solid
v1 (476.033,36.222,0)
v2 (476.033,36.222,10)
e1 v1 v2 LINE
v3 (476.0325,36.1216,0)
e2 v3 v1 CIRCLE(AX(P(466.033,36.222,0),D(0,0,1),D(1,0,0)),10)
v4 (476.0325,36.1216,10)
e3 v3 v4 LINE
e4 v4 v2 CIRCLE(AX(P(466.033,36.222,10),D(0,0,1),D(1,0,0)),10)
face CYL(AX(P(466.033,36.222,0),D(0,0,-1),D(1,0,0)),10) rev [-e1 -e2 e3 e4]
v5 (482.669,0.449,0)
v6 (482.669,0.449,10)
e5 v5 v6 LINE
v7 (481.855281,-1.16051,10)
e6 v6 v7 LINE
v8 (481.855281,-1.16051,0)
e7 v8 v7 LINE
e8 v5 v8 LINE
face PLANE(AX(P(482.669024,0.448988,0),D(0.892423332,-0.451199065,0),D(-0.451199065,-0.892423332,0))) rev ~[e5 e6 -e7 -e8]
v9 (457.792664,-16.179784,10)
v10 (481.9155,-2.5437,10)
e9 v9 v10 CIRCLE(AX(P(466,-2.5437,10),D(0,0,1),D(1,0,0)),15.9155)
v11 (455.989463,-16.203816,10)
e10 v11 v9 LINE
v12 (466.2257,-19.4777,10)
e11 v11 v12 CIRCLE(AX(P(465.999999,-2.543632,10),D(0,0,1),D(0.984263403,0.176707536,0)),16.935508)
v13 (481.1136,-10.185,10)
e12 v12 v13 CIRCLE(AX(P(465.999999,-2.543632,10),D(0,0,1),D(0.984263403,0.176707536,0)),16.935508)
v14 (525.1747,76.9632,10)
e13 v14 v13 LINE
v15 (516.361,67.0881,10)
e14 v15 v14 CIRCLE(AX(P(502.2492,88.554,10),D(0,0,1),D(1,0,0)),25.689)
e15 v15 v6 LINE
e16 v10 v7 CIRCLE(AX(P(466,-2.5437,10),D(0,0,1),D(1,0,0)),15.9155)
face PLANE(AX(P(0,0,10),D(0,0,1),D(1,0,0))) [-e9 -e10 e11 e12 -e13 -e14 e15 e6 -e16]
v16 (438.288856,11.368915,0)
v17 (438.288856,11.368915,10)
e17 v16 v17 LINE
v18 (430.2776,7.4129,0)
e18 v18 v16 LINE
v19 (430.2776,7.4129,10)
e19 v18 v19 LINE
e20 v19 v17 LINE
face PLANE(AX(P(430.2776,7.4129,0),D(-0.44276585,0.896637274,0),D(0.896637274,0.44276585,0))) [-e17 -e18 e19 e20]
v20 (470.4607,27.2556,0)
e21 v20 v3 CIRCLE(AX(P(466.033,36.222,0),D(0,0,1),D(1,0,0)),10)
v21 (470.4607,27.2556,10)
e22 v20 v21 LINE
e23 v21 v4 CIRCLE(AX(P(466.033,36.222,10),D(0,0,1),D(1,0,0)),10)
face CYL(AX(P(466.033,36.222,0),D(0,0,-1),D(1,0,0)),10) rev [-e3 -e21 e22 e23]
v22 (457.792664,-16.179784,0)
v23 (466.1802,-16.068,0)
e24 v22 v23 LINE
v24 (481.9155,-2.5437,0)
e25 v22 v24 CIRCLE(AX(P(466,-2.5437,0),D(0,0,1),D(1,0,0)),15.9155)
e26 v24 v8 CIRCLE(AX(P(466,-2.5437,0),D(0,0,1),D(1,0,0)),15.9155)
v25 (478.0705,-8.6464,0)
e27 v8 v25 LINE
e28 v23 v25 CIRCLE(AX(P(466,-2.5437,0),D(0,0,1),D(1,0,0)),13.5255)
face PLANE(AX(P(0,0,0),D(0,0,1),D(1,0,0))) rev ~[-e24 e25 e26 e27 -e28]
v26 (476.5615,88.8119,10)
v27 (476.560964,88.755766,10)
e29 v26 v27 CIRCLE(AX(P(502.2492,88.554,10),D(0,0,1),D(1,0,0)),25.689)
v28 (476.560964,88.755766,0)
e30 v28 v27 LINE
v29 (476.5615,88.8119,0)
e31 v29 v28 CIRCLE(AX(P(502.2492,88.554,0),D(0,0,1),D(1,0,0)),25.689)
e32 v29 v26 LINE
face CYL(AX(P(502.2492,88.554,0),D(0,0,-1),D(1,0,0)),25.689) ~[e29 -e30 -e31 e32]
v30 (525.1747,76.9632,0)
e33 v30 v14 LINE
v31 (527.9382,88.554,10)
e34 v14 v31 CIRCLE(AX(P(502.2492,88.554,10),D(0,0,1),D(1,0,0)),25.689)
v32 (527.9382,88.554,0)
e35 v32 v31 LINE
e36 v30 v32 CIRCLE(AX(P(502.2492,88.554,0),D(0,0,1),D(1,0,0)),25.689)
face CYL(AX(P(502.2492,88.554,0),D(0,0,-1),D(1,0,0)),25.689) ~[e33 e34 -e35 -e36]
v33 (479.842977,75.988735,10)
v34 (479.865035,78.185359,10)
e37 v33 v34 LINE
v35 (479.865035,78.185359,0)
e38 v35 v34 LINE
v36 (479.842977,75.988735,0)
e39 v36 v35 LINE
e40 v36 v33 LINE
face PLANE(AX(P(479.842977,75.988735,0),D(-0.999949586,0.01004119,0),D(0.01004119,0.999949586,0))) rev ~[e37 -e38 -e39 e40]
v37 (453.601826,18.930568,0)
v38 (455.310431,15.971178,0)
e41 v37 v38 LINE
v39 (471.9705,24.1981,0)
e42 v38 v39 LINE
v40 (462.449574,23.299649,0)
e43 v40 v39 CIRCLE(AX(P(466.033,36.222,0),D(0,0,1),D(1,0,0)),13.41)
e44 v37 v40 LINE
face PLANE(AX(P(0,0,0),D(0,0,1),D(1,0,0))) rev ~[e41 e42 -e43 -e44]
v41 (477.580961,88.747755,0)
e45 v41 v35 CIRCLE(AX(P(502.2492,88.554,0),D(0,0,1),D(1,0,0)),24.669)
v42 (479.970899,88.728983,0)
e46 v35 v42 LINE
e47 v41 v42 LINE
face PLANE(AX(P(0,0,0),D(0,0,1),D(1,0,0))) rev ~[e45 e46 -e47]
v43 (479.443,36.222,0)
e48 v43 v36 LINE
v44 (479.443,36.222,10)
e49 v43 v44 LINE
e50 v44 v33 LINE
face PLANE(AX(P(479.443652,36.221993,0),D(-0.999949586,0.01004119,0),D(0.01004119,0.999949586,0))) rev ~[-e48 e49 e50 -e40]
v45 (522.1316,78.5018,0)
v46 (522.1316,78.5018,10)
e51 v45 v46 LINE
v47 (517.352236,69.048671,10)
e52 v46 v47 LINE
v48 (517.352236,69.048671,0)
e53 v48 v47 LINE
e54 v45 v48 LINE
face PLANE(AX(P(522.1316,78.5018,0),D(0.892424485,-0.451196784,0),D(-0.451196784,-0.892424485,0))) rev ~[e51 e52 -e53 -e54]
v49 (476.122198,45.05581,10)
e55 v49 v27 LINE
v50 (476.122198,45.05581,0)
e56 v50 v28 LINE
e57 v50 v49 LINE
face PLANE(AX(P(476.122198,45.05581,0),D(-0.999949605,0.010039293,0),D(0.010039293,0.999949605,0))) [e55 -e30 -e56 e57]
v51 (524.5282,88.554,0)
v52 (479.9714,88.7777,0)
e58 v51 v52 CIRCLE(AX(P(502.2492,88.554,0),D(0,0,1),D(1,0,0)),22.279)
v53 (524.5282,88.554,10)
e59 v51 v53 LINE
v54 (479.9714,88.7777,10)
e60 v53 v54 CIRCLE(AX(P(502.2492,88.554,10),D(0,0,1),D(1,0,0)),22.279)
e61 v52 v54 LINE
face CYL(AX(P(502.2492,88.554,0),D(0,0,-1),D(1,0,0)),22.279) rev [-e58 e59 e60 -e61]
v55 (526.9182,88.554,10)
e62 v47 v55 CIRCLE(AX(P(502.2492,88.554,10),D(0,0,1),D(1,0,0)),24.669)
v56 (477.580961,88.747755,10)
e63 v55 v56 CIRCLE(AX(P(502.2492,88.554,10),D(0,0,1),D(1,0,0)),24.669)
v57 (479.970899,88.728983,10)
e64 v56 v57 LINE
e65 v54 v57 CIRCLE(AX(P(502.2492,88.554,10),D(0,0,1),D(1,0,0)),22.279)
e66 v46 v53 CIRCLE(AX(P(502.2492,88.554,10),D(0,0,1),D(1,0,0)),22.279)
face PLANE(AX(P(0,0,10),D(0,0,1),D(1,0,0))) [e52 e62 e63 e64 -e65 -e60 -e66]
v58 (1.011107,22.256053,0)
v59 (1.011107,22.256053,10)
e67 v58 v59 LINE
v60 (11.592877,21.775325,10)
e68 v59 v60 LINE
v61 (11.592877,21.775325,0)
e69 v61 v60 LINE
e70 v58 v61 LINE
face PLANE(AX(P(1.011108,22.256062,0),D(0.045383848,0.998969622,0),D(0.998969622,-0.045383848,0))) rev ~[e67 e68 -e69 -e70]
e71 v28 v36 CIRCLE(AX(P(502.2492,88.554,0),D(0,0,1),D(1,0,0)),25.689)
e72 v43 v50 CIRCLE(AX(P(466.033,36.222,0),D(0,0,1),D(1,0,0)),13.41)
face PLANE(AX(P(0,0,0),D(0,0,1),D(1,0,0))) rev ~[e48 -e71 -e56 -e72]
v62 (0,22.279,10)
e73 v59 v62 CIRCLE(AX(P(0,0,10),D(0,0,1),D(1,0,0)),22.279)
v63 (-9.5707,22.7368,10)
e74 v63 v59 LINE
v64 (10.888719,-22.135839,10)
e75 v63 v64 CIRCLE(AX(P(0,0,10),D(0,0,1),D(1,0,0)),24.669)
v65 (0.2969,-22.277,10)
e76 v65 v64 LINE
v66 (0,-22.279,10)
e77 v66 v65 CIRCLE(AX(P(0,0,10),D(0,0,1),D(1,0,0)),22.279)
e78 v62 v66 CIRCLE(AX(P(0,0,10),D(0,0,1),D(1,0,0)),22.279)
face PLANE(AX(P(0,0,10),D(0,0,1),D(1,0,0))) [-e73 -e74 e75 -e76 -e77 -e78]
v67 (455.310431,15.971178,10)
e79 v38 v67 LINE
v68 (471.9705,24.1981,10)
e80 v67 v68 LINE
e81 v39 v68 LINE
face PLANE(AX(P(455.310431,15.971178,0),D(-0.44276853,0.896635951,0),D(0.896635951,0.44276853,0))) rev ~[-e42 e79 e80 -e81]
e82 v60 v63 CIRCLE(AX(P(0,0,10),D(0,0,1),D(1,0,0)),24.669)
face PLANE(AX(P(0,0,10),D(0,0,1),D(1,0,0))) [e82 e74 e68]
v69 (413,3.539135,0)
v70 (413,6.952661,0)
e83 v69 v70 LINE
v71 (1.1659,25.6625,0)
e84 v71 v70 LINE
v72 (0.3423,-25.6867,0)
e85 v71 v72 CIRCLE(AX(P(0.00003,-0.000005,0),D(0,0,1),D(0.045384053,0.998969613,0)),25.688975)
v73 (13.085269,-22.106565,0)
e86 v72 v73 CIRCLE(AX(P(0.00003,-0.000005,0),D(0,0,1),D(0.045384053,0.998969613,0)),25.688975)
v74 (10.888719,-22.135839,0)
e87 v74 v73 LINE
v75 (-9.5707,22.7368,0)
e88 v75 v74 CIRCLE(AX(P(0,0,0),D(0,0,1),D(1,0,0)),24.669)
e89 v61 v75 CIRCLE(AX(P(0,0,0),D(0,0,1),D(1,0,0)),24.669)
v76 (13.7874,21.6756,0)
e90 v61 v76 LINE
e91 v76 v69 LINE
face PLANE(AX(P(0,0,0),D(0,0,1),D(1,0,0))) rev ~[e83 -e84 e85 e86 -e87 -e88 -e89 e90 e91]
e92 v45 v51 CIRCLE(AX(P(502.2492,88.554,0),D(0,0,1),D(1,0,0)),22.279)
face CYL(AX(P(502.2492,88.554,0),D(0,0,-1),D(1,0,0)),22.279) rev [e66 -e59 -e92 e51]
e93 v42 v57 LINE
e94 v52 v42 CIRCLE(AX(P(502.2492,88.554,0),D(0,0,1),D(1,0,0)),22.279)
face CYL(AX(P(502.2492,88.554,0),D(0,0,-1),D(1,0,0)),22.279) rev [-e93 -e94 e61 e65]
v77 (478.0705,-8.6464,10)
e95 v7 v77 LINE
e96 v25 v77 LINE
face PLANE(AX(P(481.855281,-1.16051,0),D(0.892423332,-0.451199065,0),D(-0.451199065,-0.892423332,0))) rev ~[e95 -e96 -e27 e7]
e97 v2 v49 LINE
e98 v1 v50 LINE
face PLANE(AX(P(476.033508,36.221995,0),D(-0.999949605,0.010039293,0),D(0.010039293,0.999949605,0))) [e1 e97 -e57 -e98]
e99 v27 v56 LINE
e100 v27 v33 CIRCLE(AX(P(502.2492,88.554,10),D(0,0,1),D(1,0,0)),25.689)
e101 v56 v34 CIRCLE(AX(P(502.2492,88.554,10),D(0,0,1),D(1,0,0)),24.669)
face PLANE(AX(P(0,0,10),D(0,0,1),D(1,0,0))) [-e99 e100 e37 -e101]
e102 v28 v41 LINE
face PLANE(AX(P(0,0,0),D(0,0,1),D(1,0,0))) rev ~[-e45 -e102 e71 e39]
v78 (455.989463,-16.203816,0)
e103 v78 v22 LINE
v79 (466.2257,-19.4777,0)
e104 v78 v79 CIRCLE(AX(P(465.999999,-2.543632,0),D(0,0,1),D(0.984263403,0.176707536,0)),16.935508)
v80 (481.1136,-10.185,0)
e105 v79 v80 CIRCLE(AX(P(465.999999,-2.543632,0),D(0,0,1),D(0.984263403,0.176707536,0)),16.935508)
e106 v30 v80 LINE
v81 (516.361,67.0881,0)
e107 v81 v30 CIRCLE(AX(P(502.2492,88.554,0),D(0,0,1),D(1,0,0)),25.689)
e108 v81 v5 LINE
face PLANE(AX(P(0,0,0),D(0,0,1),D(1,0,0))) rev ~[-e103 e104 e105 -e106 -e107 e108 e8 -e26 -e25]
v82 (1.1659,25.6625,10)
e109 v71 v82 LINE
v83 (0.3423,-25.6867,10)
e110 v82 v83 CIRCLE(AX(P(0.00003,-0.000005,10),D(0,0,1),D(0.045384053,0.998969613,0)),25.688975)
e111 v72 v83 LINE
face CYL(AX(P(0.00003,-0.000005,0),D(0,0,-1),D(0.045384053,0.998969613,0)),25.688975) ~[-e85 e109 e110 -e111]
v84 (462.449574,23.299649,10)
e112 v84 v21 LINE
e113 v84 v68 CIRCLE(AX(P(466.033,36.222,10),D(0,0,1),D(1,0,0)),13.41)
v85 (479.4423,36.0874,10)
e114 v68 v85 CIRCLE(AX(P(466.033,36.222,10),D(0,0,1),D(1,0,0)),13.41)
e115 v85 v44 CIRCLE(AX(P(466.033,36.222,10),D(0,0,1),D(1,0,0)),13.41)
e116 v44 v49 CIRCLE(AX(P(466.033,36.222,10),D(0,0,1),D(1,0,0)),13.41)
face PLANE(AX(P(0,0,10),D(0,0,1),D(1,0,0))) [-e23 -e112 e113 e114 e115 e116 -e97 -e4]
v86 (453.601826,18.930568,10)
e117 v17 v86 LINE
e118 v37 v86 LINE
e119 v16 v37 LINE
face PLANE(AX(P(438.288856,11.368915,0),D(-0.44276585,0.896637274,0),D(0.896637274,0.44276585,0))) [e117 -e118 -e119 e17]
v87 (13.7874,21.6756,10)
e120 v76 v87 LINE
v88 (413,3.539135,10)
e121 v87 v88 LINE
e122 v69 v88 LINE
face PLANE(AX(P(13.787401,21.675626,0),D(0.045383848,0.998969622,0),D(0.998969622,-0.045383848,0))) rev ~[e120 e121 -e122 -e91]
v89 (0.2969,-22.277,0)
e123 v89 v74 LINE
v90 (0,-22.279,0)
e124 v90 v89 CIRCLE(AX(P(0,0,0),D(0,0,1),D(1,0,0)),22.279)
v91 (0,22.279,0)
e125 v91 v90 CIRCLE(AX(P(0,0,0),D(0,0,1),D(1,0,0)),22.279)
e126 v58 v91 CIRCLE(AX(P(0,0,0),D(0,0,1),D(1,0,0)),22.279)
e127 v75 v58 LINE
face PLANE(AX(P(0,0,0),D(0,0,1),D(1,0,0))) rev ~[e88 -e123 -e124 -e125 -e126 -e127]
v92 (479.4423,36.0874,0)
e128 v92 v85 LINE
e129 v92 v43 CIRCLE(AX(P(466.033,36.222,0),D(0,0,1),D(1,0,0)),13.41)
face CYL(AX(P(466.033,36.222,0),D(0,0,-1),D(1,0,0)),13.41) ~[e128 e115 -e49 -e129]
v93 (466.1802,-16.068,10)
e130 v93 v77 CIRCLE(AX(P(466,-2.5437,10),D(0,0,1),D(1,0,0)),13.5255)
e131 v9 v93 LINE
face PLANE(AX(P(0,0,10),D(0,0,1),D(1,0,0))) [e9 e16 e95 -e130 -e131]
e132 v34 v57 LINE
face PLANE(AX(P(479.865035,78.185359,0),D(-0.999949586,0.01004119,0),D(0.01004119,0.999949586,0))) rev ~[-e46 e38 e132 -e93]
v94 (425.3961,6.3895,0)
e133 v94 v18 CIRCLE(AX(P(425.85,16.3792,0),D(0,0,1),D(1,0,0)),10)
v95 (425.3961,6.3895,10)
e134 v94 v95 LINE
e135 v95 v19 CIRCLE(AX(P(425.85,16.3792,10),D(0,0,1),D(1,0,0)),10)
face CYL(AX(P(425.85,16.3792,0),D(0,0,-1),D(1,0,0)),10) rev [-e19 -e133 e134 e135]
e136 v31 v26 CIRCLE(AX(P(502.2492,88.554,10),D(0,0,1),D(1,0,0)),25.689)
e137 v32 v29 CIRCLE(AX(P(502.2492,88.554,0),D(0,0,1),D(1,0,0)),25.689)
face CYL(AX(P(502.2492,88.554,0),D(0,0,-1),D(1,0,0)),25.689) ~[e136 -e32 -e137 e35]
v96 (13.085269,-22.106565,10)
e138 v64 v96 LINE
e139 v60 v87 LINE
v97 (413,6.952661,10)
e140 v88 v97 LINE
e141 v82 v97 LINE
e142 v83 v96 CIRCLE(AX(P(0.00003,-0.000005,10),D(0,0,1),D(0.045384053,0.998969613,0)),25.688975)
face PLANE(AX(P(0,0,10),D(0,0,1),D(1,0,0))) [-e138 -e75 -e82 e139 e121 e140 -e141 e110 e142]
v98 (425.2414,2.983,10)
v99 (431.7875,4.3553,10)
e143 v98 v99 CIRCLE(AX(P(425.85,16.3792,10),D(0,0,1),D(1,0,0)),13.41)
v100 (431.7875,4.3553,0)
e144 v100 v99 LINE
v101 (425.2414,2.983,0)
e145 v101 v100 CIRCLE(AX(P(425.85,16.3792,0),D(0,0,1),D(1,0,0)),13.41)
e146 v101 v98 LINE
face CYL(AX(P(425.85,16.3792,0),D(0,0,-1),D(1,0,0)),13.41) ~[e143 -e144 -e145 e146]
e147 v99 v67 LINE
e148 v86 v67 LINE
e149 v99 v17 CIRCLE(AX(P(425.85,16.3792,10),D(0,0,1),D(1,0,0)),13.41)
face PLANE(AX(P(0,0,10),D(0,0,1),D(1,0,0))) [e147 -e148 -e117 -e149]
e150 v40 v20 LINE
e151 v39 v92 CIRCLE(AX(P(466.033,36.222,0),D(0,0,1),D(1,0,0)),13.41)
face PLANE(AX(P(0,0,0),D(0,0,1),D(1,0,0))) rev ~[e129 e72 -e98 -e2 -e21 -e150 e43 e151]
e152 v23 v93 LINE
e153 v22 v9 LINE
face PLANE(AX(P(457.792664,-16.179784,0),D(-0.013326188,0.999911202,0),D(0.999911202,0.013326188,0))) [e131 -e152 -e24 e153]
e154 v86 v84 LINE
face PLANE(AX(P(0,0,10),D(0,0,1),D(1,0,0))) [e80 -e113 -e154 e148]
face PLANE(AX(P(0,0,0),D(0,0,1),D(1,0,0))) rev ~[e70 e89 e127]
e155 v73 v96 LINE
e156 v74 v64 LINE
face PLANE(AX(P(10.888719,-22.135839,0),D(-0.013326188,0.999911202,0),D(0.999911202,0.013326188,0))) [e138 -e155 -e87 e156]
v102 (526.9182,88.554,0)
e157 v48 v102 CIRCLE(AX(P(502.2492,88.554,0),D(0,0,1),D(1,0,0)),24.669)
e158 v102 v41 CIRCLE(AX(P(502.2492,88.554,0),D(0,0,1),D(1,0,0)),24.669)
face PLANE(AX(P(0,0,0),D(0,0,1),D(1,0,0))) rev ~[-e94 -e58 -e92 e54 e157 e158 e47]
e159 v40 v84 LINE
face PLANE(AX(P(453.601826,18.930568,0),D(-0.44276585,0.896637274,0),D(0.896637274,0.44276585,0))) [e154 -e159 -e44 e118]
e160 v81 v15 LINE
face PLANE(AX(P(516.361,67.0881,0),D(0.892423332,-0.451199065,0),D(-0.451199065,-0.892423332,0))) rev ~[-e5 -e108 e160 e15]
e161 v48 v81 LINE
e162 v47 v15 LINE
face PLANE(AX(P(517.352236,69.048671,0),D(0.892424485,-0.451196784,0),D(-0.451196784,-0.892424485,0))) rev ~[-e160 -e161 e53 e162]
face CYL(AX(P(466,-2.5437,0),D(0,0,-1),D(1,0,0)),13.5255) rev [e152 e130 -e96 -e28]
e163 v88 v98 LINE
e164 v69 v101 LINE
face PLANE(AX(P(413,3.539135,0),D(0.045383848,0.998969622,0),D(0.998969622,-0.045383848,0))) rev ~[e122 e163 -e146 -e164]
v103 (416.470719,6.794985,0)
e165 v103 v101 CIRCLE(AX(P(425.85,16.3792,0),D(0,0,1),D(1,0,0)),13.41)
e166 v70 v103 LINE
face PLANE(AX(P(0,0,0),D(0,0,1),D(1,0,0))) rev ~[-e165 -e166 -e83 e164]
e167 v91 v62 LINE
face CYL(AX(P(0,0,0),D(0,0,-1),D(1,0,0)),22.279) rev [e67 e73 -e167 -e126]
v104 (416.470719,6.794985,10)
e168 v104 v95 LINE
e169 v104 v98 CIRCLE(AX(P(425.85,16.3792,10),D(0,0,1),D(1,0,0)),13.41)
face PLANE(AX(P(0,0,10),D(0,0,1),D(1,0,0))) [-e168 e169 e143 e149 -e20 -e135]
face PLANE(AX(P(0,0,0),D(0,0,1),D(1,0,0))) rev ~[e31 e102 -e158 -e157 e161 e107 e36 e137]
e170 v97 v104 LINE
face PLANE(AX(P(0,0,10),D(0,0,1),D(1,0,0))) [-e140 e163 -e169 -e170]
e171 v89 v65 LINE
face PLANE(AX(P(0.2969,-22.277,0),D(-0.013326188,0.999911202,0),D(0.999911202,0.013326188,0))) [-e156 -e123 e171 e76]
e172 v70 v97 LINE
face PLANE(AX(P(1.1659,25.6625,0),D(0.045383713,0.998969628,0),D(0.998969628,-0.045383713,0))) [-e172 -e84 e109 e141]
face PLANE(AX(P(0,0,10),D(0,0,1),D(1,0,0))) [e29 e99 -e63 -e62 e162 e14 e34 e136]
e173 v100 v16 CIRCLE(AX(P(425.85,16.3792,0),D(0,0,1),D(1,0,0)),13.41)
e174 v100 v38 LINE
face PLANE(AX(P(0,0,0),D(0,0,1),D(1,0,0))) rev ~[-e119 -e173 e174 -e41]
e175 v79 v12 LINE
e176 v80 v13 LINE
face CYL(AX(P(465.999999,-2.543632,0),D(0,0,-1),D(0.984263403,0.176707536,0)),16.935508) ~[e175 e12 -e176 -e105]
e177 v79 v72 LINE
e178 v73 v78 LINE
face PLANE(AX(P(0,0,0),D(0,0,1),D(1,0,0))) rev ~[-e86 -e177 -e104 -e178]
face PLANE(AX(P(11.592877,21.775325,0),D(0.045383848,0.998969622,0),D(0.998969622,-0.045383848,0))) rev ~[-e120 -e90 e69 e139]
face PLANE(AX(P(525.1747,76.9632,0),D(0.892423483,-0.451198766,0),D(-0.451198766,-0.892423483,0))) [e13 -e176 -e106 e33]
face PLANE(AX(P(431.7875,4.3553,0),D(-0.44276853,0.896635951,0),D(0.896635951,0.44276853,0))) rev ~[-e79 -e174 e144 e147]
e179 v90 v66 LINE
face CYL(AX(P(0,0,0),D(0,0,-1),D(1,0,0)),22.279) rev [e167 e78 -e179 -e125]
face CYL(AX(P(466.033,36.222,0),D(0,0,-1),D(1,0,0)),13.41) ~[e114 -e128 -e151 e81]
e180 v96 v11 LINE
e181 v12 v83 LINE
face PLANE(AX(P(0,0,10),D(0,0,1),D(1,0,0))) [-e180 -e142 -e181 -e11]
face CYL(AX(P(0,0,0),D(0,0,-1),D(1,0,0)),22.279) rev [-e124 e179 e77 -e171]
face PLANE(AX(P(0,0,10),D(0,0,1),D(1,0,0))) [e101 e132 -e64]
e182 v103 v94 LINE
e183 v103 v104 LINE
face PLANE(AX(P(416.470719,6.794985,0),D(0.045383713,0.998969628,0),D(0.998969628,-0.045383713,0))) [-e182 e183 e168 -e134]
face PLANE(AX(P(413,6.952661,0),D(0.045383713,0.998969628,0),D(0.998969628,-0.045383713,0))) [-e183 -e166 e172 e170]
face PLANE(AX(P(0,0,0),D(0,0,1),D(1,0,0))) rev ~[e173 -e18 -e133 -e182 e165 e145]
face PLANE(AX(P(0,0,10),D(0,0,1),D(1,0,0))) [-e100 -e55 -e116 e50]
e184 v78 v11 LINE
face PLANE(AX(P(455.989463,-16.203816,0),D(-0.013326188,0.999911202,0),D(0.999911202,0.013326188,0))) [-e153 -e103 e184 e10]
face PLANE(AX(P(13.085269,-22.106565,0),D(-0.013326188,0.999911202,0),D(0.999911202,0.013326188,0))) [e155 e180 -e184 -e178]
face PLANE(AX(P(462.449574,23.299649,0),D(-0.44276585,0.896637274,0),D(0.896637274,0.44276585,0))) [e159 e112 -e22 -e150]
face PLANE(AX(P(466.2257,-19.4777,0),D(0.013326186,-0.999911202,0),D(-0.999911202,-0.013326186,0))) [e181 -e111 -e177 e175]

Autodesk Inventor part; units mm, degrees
ref_plane "YZ Plane" through (0, 0, 0) normal (1, 0, 0) x (0, 1, 0)
ref_plane "XZ Plane" through (0, 0, 0) normal (0, 1, 0) x (-1, 0, 0)
ref_plane "XY Plane" through (0, 0, 0) normal (0, 0, 1) x (1, 0, 0)
sketch "スケッチ1" plane through (0, 0, 0) normal (0, 0, 1) x (1, 0, 0)
  circle A0 centre (0, 0) radius 24.669
  line L0 (0, 0) -> (413, 0)
  line L1 (413, 0) -> (413, 89.255)
  line L2 (413, 0) -> (0, 0)
  line L3 (0, 0) -> (0, -22.279)
  line L4 (413, -7.7398) -> (413, 0)
  line L5 (0, 0) -> (0, 22.279)
  line L6 (413, 7.7398) -> (413, 0)
  circle A1 centre (425.85, 16.3792) radius 10
  circle A2 centre (502.2492, 88.554) radius 24.669
  circle A3 centre (466, -2.5437) radius 15.9155
  arc A4 (1.1659, 25.6625) -> (13.7874, 21.6756) centre (0, 0) ccw
  arc A5 (482.669, 0.449) -> (481.1136, -10.185) centre (466, -2.5437) ccw
  circle A6 centre (502.2492, 88.554) radius 25.689
  line L7 (1.1659, 25.6625) -> (425.3961, 6.3895)
  line L8 (525.1747, 76.9632) -> (481.1136, -10.185)
  line L9 (466.2257, -19.4777) -> (0.3423, -25.6867)
  circle A7 centre (0, 0) radius 22.279
  circle A8 centre (466, -2.5437) radius 13.5255
  circle A9 centre (502.2492, 88.554) radius 22.279
  circle A10 centre (425.85, 16.3792) radius 13.41
  line L10 (-9.5707, 22.7368) -> (425.2414, 2.983)
  line L11 (0.2969, -22.277) -> (466.1802, -16.068)
  line L12 (522.1316, 78.5018) -> (516.361, 67.0881)
  line L13 (516.361, 67.0881) -> (478.0705, -8.6464)
  circle A11 centre (466.033, 36.222) radius 10
  circle A12 centre (466.033, 36.222) radius 13.41
  line L14 (430.2776, 7.4129) -> (470.4607, 27.2556)
  line L15 (431.7875, 4.3553) -> (471.9705, 24.1981)
  line L16 (476.0325, 36.1216) -> (476.5615, 88.8119)
  line L17 (479.4423, 36.0874) -> (479.9714, 88.7777)
  line L18 (413, 89.255) -> (466, -2.5437)
  line L19 (466.033, 36.222) -> (413, 89.255)
  line L20 (425.85, 16.3792) -> (413, 89.255)
  line L21 (413, -7.7398) -> (469, -7.7398)
  line L22 (469, -7.7398) -> (466, -2.5437)
  line L23 (466, -2.5437) -> (457, -7.7398)
  line L24 (413, 89.255) -> (502.2492, 88.554)
  point P0 (1.0111, 22.2561)
  point P1 (457.5323, 12.1229)
  point P2 (453.6018, 18.9306)
  dimension "d0" = 49.338
  dimension "d1" = 413
  dimension "d2" = 89.255
  dimension "d6" = 20
  dimension "d8" = 49.338
  dimension "d10" = 31.831
  dimension "d11" = 1.02
  dimension "d12" = 1.02
  dimension "d14" = 2.39
  dimension "d15" = 2.39
  dimension "d17" = 3.41
  dimension "d22" = 20
  dimension "d23" = 3.41
  dimension "d31" = 75
  dimension "d32" = 15
  dimension "d36" = 2.39
  dimension "d37" = 10
  dimension "d38" = 74
  dimension "d40" = 1.02
  dimension "d41" = 89.252
  dimension "d43" = 30
  dimension "d45" = 6
  dimension "d46" = 106
  dimension "d47" = 89.55
extrude "押し出し1" add sketch "スケッチ1" along normal blind 10 contours L10 A0 | A0 L11 A4 L7 L1 L10 | A0 L10 A7 L11 | L11 A5 L9 A4 | L1 L7 A10 L10 | L11 A3 L13 A6 L8 A5 | A10 L7 A1 L14 | L11 A8 L13 A3 | A10 L14 L18 L15 | L18 L14 A12 L15 | A6 L12 A2 L24 | A12 L14 A11 L16 | L17 A12 L16 A6 | A6 L24 A2 L17 | L12 A9 L24 A2 | A2 L24 L17
properties part number "timingbelt"
